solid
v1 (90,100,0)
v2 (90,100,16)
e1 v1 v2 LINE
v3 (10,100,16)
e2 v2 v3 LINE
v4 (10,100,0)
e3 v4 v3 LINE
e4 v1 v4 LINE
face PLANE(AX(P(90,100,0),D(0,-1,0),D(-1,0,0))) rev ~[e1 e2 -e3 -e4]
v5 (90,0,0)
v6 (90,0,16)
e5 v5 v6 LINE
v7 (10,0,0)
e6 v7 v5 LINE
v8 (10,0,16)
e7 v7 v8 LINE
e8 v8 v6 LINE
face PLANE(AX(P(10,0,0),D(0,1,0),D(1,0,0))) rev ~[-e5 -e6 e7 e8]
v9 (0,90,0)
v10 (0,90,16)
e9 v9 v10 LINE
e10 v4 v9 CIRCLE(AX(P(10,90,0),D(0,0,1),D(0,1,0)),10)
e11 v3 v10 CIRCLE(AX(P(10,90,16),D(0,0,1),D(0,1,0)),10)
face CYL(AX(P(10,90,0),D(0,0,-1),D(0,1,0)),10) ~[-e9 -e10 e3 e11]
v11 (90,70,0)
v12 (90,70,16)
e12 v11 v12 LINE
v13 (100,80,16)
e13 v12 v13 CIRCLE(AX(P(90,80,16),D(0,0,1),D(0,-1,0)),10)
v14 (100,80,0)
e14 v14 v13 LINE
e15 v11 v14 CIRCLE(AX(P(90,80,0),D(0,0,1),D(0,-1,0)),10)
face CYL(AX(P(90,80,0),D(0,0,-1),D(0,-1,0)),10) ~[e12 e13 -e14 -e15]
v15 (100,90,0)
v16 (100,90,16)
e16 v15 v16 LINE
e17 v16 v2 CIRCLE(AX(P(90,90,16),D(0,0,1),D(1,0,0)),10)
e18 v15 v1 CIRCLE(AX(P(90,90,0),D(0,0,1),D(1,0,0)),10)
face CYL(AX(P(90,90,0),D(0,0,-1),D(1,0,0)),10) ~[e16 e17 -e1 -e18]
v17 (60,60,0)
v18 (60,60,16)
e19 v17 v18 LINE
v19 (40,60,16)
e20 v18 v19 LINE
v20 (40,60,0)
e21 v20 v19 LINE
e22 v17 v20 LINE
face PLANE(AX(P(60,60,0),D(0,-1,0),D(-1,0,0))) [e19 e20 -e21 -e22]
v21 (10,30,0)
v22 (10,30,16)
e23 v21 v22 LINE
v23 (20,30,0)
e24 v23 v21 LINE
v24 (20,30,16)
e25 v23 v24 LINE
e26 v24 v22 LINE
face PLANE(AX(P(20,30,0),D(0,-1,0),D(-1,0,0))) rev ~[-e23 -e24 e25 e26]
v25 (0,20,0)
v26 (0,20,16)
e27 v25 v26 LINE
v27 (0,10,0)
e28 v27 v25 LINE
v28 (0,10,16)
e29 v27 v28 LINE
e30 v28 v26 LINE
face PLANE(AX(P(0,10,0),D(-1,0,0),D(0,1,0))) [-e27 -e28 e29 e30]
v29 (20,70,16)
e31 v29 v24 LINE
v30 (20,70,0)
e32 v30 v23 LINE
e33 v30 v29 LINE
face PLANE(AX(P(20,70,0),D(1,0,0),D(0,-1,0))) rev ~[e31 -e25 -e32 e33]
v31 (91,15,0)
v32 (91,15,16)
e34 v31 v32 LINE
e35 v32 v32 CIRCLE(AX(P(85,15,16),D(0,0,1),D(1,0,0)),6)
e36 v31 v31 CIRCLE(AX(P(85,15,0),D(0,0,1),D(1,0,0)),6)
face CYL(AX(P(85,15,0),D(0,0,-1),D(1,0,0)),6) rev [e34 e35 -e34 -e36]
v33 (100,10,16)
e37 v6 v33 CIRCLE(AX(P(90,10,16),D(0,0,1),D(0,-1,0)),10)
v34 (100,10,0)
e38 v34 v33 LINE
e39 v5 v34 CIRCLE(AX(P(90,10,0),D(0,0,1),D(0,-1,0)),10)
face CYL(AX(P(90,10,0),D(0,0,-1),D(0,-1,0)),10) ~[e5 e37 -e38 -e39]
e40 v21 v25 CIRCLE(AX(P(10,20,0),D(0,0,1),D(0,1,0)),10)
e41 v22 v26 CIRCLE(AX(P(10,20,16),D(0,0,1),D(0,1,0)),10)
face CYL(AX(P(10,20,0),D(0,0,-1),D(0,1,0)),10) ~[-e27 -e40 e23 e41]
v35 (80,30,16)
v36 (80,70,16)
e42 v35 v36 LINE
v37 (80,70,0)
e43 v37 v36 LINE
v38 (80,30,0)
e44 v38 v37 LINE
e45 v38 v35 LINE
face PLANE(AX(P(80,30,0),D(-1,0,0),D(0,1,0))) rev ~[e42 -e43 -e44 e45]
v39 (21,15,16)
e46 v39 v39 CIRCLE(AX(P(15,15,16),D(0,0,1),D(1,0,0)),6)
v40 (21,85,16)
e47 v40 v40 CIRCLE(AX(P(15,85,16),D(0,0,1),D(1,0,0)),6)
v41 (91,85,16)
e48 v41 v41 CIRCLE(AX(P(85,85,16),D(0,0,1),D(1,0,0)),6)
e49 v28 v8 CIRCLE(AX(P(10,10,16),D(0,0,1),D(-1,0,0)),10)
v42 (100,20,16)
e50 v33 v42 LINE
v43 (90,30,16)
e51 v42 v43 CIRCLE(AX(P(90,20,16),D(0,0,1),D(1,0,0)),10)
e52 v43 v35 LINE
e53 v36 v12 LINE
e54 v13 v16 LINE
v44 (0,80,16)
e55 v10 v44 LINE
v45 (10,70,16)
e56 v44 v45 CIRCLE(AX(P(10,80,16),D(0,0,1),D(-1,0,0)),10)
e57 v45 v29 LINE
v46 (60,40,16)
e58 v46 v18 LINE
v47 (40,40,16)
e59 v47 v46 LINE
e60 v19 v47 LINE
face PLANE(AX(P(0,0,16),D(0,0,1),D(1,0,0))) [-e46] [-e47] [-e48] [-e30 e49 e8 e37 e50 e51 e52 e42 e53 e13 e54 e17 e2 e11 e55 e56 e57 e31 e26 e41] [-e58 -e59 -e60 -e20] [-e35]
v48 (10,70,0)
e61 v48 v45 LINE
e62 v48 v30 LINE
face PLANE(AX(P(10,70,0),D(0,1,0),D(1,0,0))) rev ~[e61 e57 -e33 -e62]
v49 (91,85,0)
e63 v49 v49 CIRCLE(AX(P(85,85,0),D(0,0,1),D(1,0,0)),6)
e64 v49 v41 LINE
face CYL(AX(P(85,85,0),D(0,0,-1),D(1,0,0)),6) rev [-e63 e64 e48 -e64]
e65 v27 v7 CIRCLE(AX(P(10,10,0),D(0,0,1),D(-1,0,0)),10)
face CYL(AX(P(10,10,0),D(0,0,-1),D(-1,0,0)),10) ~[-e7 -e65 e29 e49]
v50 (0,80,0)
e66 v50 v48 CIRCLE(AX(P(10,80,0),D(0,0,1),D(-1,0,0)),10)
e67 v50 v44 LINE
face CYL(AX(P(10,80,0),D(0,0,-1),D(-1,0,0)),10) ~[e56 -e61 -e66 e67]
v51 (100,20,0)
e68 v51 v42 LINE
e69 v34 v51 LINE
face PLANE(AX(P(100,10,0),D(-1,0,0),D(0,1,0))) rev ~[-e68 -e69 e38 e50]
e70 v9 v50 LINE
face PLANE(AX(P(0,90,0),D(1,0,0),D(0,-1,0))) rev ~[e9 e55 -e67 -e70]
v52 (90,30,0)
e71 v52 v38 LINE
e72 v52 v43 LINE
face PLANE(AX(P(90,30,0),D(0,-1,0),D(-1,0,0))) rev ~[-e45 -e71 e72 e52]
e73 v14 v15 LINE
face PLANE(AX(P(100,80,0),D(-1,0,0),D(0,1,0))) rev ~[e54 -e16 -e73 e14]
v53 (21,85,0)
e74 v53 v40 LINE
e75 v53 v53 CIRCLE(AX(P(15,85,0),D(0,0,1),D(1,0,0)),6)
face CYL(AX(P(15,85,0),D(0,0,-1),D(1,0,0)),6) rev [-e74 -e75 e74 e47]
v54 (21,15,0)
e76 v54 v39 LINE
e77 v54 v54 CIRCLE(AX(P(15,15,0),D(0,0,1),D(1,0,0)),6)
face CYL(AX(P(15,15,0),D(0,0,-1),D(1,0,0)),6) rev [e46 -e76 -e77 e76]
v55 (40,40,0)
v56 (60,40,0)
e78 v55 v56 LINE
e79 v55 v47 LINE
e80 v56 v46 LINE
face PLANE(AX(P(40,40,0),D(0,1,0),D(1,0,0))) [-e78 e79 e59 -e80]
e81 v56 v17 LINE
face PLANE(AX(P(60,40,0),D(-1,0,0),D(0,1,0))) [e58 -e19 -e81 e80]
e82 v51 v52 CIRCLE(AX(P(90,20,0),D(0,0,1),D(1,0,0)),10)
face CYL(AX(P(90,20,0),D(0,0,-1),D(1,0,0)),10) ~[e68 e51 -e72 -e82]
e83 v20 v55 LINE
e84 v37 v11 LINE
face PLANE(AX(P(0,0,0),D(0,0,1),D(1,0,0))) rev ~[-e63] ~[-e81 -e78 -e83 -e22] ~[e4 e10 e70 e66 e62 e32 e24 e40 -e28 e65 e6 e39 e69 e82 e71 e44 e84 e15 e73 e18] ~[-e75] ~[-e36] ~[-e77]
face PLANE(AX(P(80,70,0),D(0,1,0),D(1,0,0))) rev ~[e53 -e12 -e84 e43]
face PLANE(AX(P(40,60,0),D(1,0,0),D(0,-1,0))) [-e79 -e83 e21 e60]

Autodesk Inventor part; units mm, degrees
ref_plane "YZ Plane" through (0, 0, 0) normal (1, 0, 0) x (0, 1, 0)
ref_plane "XZ Plane" through (0, 0, 0) normal (0, 1, 0) x (-1, 0, 0)
ref_plane "XY Plane" through (0, 0, 0) normal (0, 0, 1) x (1, 0, 0)
sketch "Sketch1" plane through (0, 0, 0) normal (0, 0, 1) x (1, 0, 0)
  line L0 (10, 0) -> (90, 0)
  line L1 (100, 10) -> (100, 20)
  line L2 (90, 30) -> (80, 30)
  line L3 (80, 30) -> (80, 70)
  line L4 (80, 70) -> (90, 70)
  line L5 (100, 80) -> (100, 90)
  line L6 (90, 100) -> (10, 100)
  line L7 (0, 90) -> (0, 80)
  line L8 (10, 70) -> (20, 70)
  line L9 (20, 70) -> (20, 30)
  line L10 (20, 30) -> (10, 30)
  line L11 (0, 10) -> (0, 20)
  line L12 (40, 40) -> (60, 40)
  line L13 (60, 40) -> (60, 60)
  line L14 (60, 60) -> (40, 60)
  line L15 (40, 60) -> (40, 40)
  circle A0 centre (15, 15) radius 6
  circle A1 centre (85, 15) radius 6
  circle A2 centre (15, 85) radius 6
  circle A3 centre (85, 85) radius 6
  arc A4 (10, 100) -> (0, 90) centre (10, 90) ccw
  arc A5 (0, 80) -> (10, 70) centre (10, 80) ccw
  arc A6 (90, 70) -> (100, 80) centre (90, 80) ccw
  arc A7 (100, 90) -> (90, 100) centre (90, 90) ccw
  arc A8 (100, 20) -> (90, 30) centre (90, 20) ccw
  arc A9 (90, 0) -> (100, 10) centre (90, 10) ccw
  arc A10 (0, 10) -> (10, 0) centre (10, 10) ccw
  arc A11 (10, 30) -> (0, 20) centre (10, 20) ccw
  point P0 (0, 0)
  point P1 (100, 70)
  point P2 (100, 100)
  point P3 (0, 70)
  point P4 (0, 30)
  dimension "d0" = 10
extrude "Extrusion1" add sketch "Sketch1" along normal blind 16
properties part number "P2-8"
